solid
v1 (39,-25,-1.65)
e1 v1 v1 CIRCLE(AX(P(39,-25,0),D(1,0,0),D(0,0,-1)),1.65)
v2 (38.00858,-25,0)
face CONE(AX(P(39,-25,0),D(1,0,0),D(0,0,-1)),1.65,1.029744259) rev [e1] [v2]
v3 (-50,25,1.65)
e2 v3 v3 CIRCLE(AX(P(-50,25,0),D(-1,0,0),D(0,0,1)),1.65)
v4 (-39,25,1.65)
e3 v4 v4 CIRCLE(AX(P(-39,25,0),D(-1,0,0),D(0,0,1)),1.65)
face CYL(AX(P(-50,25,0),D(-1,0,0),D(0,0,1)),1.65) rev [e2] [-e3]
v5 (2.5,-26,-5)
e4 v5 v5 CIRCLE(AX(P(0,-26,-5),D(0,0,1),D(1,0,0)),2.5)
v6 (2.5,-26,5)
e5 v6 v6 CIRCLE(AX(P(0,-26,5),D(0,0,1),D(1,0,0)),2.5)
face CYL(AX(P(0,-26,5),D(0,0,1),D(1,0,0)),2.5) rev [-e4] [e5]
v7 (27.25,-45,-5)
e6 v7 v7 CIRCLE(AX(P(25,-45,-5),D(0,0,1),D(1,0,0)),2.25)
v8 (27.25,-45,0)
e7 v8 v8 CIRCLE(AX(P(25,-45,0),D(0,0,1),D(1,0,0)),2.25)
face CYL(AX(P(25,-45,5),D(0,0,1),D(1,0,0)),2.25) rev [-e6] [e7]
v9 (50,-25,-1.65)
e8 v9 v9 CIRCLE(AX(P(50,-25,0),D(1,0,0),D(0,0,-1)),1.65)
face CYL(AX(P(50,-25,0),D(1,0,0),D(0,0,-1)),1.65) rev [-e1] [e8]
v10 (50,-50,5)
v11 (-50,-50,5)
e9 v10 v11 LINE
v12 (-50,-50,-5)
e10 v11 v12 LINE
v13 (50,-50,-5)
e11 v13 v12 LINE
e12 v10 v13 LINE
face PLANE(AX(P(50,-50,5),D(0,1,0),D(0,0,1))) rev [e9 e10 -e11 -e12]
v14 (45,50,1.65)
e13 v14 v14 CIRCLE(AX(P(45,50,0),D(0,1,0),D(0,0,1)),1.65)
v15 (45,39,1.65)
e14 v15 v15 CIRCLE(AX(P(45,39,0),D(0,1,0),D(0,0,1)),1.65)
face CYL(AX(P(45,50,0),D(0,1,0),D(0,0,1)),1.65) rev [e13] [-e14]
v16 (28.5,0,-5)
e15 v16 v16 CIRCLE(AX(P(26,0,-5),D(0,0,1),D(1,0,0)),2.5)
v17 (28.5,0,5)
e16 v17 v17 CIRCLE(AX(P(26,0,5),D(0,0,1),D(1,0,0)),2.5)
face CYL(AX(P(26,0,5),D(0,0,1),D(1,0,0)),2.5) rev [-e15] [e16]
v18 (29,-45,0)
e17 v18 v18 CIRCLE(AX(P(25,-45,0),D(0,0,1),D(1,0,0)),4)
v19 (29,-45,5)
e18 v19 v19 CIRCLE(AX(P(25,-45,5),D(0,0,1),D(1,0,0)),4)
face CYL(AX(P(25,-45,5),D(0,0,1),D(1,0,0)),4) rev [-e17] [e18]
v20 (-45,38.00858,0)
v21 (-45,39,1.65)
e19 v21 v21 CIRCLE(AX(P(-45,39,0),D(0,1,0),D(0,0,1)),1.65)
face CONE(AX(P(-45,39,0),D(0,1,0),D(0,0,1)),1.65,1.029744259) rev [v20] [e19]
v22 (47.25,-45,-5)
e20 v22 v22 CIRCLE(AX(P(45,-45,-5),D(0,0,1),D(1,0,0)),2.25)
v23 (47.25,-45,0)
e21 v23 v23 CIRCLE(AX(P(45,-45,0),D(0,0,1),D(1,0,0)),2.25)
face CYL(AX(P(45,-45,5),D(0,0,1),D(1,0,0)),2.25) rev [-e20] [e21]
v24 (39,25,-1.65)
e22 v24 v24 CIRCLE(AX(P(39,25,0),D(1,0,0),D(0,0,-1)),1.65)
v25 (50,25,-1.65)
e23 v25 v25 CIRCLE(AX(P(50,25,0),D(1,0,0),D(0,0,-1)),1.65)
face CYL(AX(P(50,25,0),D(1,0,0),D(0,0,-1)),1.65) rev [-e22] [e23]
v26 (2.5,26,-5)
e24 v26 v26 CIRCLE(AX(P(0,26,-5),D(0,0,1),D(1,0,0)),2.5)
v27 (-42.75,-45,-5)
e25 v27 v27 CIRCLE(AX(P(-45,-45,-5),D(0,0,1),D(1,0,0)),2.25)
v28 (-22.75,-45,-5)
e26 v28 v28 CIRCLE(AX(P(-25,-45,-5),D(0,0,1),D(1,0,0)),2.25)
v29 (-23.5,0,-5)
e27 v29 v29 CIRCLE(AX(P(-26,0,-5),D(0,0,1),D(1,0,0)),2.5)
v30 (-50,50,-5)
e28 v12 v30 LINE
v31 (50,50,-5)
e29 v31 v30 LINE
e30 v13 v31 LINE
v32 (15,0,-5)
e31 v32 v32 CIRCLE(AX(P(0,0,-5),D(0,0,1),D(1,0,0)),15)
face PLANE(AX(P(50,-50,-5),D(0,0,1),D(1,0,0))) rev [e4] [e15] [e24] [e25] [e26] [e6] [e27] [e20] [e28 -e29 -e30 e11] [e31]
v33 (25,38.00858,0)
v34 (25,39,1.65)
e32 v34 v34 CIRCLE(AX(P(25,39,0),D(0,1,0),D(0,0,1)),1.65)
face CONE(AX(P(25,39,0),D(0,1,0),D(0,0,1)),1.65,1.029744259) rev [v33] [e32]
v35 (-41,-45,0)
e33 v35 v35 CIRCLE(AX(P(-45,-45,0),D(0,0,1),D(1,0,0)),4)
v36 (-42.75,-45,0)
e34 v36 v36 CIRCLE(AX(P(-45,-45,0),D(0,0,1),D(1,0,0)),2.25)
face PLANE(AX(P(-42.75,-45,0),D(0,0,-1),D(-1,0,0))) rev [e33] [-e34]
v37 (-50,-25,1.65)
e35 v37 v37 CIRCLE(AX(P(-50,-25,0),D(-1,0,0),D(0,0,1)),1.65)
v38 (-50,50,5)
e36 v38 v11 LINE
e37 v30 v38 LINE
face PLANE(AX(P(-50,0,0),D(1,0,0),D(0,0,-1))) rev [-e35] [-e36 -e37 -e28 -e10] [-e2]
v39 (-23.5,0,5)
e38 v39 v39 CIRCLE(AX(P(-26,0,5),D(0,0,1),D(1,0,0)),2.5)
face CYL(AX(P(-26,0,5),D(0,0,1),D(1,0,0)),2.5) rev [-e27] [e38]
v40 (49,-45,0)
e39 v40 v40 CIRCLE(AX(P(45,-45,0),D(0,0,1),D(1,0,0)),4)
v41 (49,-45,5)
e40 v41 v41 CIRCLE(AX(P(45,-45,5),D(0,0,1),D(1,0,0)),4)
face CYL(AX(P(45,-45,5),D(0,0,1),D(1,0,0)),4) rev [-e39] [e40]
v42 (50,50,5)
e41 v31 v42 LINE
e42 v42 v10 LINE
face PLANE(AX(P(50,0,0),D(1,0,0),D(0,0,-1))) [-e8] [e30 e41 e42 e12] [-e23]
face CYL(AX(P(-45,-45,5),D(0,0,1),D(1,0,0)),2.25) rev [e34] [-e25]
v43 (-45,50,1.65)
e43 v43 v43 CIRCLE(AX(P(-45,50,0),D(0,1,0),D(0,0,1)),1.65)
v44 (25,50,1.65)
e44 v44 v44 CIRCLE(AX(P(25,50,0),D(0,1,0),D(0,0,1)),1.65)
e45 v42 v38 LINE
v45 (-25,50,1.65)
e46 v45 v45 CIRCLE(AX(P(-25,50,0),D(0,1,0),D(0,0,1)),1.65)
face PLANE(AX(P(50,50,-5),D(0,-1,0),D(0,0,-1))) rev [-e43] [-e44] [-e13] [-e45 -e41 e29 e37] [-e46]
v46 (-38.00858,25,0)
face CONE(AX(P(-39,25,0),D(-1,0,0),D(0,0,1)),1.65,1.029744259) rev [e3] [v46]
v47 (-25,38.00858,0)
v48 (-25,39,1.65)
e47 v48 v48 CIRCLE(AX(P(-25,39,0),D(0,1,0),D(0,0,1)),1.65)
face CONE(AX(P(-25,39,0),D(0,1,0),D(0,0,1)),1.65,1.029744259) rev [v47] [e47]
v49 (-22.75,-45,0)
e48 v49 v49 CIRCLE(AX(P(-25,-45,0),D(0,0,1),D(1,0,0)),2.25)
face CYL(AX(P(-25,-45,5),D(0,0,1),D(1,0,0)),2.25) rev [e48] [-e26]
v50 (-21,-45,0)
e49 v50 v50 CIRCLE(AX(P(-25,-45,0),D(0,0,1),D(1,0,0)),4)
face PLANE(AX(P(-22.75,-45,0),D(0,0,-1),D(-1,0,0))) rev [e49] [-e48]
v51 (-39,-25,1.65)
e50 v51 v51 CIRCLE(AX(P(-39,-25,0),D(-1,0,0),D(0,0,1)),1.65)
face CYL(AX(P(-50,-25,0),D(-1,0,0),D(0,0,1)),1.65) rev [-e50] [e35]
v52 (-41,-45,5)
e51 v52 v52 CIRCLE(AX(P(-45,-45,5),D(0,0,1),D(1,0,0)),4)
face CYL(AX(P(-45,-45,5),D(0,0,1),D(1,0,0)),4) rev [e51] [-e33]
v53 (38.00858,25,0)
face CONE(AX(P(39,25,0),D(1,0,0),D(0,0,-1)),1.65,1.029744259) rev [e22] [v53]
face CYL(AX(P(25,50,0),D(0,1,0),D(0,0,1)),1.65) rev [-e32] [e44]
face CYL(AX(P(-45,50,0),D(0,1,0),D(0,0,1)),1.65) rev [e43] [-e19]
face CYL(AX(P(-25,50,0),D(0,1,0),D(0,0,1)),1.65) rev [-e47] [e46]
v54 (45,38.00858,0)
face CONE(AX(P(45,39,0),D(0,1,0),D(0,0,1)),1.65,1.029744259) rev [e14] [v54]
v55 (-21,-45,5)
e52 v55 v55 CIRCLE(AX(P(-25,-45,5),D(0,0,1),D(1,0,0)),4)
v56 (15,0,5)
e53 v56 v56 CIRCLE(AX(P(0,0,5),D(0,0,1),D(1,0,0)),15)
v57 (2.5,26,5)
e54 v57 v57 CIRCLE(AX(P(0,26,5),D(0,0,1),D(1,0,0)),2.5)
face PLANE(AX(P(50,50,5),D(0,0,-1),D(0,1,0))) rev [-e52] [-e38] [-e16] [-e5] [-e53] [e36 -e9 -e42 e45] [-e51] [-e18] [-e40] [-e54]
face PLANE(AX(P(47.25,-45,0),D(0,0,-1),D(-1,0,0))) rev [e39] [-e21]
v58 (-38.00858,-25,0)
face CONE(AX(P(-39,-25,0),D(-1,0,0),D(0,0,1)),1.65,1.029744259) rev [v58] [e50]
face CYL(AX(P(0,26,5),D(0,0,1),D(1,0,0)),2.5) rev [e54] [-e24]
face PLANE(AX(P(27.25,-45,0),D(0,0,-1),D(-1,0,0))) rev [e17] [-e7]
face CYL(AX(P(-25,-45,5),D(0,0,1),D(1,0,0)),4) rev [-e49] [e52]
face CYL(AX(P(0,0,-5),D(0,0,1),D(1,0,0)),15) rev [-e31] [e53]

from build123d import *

# Parameters (mm, degrees)
SKETCH1_W                                           = 10
SKETCH1_H                                           = 100
BOSS_EXTRUDE1_DEPTH                                 = 50
SKETCH2_R                                           = 15
CUT_EXTRUDE1_DEPTH                                  = 10
CBORE_FOR_M4_HEX_SOCKET_HEAD_CAP_SCREW1_D           = 4.5
CBORE_FOR_M4_HEX_SOCKET_HEAD_CAP_SCREW1_CBORE_D     = 8
CBORE_FOR_M4_HEX_SOCKET_HEAD_CAP_SCREW1_CBORE_DEPTH = 5
M4_TAPPED_HOLE1_D                                   = 3.3
M4_TAPPED_HOLE1_DEPTH                               = 11
M4_TAPPED_HOLE1_TIP                                 = 0.991420021
M4_TAPPED_HOLE2_D                                   = 3.3
M4_TAPPED_HOLE2_DEPTH                               = 11
M4_TAPPED_HOLE2_TIP                                 = 0.991420021
M4_TAPPED_HOLE3_D                                   = 3.3
M4_TAPPED_HOLE3_DEPTH                               = 11
M4_TAPPED_HOLE3_TIP                                 = 0.991420021
M6_TAPPED_HOLE1_D                                   = 5


with BuildPart() as part:
    # Sketch1 → Boss-Extrude1 (new, symmetric)
    with BuildSketch(Plane(origin=(0, 0, 0), x_dir=(0, 0, -1), z_dir=(1, 0, 0))):
        Rectangle(SKETCH1_W, SKETCH1_H)
    extrude(amount=BOSS_EXTRUDE1_DEPTH, both=True)

    # Sketch2 → Cut-Extrude1 (cut)
    with BuildSketch(Plane.XY.offset(5)):
        Circle(SKETCH2_R)
    extrude(amount=-CUT_EXTRUDE1_DEPTH, mode=Mode.SUBTRACT)

    # CBORE for M4 Hex Socket Head Cap Screw1 (through all)
    with Locations(Plane.XY.offset(5)):
        with Locations((-45, -45), (-25, -45), (25, -45), (45, -45)):
            CounterBoreHole(CBORE_FOR_M4_HEX_SOCKET_HEAD_CAP_SCREW1_D / 2, CBORE_FOR_M4_HEX_SOCKET_HEAD_CAP_SCREW1_CBORE_D / 2, CBORE_FOR_M4_HEX_SOCKET_HEAD_CAP_SCREW1_CBORE_DEPTH)

    # M4 Tapped Hole1
    with Locations(Plane(origin=(0, 50, 0), x_dir=(1, 0, 0), z_dir=(0, 1, 0))):
        with Locations((-45, 0), (-25, 0), (25, 0), (45, 0)):
            Hole(M4_TAPPED_HOLE1_D / 2, depth=M4_TAPPED_HOLE1_DEPTH)
            with Locations((0, 0, -(M4_TAPPED_HOLE1_DEPTH + M4_TAPPED_HOLE1_TIP / 2))):  # 118° drill point
                Cone(0, M4_TAPPED_HOLE1_D / 2, M4_TAPPED_HOLE1_TIP, mode=Mode.SUBTRACT)

    # M4 Tapped Hole2
    with Locations(Plane.ZY.offset(50)):
        with Locations((0, 25), (0, -25)):
            Hole(M4_TAPPED_HOLE2_D / 2, depth=M4_TAPPED_HOLE2_DEPTH)
            with Locations((0, 0, -(M4_TAPPED_HOLE2_DEPTH + M4_TAPPED_HOLE2_TIP / 2))):  # 118° drill point
                Cone(0, M4_TAPPED_HOLE2_D / 2, M4_TAPPED_HOLE2_TIP, mode=Mode.SUBTRACT)

    # M4 Tapped Hole3
    with Locations(Plane(origin=(50, 0, 0), x_dir=(0, 0, -1), z_dir=(1, 0, 0))):
        with Locations((0, 25), (0, -25)):
            Hole(M4_TAPPED_HOLE3_D / 2, depth=M4_TAPPED_HOLE3_DEPTH)
            with Locations((0, 0, -(M4_TAPPED_HOLE3_DEPTH + M4_TAPPED_HOLE3_TIP / 2))):  # 118° drill point
                Cone(0, M4_TAPPED_HOLE3_D / 2, M4_TAPPED_HOLE3_TIP, mode=Mode.SUBTRACT)

    # M6 Tapped Hole1 (through all)
    with Locations(Plane.XY.offset(5)):
        with Locations((0, 26), (-26, 0), (26, 0), (0, -26)):
            Hole(M6_TAPPED_HOLE1_D / 2)


solid = part.part
